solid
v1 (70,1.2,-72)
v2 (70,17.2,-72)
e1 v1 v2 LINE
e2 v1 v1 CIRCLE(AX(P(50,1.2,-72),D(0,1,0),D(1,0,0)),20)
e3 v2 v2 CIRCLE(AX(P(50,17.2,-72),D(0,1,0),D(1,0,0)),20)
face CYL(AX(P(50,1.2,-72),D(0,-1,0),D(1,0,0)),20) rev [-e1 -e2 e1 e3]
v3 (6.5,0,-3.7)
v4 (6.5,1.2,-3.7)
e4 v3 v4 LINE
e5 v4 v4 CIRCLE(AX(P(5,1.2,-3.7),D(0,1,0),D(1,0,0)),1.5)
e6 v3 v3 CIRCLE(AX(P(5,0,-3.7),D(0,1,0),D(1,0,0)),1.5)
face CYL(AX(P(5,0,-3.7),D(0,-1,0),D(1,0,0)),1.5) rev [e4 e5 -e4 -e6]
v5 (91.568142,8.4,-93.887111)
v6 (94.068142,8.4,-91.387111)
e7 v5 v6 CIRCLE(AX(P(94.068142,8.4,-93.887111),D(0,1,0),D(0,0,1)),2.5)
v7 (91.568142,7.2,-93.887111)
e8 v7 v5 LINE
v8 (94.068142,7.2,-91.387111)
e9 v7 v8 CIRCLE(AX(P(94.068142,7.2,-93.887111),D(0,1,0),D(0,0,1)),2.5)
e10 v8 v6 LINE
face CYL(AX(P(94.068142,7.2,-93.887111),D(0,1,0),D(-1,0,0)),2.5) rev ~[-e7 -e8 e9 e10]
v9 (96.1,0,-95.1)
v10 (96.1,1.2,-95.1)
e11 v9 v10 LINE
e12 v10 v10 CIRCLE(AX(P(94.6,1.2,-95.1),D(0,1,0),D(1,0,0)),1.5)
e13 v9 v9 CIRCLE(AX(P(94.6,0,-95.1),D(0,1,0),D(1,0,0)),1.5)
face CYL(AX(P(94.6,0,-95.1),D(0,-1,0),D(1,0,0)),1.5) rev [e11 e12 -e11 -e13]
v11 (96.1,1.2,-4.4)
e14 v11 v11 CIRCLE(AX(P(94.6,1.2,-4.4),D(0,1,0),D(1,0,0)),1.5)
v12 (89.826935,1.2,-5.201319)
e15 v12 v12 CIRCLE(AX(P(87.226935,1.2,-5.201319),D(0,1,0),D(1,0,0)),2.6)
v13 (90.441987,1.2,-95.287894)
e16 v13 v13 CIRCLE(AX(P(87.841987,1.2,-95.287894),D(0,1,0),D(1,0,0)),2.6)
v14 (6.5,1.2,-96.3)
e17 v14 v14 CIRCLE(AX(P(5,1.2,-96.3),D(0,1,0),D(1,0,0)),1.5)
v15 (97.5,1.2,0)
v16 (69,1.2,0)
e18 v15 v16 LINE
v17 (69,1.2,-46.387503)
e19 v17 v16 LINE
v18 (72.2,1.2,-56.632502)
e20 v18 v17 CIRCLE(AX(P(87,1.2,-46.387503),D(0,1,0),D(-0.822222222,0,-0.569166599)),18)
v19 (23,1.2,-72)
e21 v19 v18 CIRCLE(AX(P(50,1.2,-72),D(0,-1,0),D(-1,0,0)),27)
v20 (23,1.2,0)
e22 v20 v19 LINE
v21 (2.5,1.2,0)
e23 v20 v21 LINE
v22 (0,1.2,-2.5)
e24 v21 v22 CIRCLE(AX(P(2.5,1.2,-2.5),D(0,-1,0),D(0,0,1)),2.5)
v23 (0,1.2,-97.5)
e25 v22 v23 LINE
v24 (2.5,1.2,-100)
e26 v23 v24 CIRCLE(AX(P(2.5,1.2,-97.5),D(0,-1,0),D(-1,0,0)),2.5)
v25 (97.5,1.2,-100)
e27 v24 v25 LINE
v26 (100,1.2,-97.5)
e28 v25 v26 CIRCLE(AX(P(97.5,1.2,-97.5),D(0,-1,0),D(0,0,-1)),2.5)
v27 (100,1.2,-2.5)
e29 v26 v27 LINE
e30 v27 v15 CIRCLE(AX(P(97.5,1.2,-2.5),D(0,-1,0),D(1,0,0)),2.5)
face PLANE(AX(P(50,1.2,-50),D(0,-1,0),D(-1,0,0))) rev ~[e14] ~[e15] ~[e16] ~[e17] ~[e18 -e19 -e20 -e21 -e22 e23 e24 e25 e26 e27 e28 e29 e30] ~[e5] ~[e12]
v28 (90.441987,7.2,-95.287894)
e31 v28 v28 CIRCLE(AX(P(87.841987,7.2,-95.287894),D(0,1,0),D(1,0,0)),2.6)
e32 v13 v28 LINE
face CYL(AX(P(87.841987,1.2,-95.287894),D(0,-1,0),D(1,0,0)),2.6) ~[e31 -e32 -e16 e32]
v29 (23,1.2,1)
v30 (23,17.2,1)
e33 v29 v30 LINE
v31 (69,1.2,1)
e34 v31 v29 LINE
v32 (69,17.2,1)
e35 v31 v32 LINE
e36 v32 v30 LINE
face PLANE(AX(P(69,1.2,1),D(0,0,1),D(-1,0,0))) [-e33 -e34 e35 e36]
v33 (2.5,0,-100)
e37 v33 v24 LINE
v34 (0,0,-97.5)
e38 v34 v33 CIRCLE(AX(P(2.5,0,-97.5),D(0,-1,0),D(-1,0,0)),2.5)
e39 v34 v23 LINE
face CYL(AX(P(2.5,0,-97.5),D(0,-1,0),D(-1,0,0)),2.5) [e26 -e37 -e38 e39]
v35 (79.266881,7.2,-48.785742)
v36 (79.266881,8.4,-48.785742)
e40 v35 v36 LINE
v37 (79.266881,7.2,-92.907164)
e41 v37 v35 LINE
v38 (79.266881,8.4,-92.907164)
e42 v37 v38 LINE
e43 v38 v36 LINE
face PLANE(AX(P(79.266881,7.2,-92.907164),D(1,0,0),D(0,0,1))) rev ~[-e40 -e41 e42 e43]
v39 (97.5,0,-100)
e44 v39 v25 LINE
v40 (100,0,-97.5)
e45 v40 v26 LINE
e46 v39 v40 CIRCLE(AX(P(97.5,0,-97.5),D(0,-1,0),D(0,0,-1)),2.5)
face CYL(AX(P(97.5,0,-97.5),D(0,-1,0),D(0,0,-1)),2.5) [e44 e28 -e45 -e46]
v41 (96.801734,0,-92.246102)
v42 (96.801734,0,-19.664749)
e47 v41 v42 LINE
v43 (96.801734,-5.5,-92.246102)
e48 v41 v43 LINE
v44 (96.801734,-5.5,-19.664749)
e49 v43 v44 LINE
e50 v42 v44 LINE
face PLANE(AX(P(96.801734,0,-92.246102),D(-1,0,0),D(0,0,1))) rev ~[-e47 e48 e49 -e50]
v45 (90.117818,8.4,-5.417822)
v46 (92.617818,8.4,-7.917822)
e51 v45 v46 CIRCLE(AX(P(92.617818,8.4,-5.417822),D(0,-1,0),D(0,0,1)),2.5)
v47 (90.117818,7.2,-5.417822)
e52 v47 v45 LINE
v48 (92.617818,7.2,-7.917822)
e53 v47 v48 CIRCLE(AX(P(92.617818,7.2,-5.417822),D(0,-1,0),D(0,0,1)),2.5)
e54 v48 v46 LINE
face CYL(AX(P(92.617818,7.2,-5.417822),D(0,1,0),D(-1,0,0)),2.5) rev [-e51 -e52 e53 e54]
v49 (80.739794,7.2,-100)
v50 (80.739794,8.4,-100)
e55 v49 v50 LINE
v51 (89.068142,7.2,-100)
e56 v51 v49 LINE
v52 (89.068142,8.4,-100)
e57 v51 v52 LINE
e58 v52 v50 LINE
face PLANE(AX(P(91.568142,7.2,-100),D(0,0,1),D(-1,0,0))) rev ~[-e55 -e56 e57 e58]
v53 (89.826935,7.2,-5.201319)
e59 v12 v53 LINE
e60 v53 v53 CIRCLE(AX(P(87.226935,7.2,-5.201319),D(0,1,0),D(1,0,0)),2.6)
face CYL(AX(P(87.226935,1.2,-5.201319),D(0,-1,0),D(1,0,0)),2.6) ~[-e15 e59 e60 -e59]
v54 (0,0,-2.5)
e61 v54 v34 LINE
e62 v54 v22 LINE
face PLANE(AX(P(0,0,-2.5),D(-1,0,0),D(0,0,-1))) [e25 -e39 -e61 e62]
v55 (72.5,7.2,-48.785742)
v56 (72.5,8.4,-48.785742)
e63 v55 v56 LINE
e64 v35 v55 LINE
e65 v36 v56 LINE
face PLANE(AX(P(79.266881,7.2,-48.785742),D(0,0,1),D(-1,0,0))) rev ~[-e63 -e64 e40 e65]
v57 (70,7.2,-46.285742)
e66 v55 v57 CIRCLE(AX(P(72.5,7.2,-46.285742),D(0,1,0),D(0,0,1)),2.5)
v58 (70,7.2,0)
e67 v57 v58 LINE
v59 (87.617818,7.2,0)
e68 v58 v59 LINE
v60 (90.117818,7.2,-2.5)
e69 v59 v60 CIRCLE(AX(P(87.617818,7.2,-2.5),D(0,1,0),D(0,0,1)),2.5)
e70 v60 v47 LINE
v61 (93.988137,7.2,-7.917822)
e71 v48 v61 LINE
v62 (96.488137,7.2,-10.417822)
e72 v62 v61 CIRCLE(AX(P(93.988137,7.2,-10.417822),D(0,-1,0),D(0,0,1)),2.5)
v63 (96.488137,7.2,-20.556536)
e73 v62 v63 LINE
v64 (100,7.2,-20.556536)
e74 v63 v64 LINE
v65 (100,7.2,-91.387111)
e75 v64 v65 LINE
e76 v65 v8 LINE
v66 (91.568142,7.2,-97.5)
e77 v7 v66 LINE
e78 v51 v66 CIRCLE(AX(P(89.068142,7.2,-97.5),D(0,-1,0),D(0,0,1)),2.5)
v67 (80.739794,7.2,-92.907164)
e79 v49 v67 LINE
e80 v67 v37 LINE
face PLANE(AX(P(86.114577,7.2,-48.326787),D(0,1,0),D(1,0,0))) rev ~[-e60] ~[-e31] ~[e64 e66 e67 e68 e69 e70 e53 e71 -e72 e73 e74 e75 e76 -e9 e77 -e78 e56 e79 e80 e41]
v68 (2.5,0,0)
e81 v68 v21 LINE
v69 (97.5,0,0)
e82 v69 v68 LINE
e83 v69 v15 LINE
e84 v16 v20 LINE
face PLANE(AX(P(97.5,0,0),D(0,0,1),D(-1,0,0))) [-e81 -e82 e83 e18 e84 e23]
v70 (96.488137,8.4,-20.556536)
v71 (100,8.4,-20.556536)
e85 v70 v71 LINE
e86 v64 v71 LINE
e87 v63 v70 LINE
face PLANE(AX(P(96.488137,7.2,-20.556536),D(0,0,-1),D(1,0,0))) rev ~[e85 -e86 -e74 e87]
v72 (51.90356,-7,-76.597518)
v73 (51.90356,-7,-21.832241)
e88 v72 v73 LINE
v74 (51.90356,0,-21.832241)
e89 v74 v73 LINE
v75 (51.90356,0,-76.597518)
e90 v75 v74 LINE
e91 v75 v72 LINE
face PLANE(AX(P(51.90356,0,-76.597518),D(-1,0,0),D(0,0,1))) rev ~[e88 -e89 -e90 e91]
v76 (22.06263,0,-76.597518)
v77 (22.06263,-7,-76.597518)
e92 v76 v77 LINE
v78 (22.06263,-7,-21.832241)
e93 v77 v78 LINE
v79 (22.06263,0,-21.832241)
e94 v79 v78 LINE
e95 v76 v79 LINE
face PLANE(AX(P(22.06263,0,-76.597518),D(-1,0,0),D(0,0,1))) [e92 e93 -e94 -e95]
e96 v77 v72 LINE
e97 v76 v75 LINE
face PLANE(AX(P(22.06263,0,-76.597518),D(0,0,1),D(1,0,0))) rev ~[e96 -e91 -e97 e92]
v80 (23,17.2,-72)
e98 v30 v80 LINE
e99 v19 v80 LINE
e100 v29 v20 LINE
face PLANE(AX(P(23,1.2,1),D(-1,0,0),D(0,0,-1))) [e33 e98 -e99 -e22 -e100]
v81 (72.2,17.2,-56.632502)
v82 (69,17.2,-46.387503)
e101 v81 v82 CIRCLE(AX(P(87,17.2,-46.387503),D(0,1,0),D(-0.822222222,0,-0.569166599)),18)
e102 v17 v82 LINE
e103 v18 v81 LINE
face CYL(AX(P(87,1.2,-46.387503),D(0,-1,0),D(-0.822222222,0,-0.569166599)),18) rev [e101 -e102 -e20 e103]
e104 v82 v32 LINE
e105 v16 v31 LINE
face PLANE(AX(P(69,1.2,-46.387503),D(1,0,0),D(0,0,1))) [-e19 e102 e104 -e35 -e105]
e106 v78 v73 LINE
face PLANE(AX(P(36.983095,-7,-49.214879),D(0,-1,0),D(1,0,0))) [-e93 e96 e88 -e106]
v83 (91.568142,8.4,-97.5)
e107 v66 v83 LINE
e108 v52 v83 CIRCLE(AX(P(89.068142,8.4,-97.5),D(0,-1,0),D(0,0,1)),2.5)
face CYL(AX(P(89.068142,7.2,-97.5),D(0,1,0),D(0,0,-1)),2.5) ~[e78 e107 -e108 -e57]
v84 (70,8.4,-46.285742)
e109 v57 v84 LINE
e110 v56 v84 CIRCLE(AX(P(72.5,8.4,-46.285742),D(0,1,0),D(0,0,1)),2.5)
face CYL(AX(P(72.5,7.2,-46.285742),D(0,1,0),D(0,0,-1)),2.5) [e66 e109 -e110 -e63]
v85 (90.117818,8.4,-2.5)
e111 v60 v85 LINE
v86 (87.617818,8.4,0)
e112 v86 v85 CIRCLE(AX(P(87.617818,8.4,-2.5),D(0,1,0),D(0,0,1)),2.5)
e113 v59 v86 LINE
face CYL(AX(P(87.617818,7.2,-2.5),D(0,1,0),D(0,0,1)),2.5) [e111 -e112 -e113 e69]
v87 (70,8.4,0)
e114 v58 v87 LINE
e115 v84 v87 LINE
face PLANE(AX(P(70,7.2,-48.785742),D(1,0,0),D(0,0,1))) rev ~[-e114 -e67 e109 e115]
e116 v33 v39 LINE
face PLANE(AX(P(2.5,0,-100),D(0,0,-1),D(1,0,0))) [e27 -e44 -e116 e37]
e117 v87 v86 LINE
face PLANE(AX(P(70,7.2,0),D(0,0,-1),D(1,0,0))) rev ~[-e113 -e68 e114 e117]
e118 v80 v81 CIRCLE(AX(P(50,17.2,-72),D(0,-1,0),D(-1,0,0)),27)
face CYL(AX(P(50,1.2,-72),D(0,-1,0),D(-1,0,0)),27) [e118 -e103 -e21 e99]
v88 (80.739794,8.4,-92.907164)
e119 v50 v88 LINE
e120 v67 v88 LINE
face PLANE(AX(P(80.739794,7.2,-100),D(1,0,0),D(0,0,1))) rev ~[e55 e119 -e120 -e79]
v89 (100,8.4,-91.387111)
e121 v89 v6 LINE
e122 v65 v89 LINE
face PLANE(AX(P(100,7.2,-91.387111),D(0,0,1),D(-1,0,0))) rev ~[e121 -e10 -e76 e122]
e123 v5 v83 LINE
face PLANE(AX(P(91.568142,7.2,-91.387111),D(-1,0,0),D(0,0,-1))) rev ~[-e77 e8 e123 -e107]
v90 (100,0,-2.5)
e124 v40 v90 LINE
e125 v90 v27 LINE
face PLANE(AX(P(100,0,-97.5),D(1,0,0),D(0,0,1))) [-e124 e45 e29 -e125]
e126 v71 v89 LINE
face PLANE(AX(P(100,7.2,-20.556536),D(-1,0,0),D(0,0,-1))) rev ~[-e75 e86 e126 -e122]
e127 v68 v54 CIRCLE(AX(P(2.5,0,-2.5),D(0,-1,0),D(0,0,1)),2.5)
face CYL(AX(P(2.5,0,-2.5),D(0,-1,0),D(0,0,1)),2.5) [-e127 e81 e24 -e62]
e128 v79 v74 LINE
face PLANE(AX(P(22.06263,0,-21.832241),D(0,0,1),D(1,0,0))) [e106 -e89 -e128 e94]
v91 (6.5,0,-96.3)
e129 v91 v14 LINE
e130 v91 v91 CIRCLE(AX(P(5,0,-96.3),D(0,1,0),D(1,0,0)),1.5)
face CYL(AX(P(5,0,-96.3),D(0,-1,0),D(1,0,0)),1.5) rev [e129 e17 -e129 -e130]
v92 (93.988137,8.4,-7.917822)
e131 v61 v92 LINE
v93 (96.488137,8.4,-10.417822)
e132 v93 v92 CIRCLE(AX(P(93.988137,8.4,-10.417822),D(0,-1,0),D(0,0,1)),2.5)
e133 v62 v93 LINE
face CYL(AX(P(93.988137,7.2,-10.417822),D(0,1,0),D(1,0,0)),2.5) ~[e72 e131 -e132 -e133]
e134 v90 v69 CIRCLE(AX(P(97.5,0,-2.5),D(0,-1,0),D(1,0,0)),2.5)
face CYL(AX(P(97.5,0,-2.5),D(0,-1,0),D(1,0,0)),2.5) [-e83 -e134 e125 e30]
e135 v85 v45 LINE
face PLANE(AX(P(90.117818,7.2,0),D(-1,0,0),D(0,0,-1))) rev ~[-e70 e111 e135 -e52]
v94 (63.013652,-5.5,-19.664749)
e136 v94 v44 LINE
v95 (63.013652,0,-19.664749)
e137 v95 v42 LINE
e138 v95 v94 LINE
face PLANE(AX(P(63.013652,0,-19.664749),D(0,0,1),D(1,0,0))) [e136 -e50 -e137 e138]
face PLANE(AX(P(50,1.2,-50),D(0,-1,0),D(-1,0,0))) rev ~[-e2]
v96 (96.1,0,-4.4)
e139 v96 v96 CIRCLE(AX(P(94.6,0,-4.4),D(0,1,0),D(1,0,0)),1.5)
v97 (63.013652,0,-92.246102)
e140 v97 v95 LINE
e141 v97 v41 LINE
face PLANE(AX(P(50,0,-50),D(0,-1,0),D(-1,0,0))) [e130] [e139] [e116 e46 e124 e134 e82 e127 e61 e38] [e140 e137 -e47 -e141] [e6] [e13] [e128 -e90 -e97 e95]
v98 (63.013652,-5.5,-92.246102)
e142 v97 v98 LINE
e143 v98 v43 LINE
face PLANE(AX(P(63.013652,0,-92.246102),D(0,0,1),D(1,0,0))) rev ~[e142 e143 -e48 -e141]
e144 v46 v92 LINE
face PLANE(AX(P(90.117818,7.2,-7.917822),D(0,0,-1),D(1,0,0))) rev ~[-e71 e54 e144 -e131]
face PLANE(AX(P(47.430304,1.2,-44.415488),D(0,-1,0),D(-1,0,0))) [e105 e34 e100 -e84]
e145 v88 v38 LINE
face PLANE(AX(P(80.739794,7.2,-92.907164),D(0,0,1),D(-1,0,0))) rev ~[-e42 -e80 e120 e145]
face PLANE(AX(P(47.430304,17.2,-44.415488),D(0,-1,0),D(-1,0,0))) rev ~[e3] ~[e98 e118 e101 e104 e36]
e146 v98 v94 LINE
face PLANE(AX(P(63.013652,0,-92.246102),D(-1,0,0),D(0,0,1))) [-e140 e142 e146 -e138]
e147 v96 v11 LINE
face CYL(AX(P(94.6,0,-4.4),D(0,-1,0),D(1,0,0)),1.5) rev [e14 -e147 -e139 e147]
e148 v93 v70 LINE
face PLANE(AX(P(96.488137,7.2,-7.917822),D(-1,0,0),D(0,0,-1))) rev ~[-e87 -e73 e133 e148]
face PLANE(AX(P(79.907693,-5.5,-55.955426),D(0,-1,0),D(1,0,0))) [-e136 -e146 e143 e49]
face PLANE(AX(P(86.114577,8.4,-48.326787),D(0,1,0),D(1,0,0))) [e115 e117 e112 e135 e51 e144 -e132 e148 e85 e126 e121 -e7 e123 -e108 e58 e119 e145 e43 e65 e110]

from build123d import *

# Parameters (mm, degrees)
SKETCH1_R           = 1.5
BOSS_EXTRUDE1_DEPTH = 1.2
SKETCH2_W           = 29.840930046
SKETCH2_H           = 54.765276652
BOSS_EXTRUDE2_DEPTH = 7
SKETCH3_W           = 33.788082064
SKETCH3_H           = 72.581353001
BOSS_EXTRUDE3_DEPTH = 5.5
SKETCH4_R           = 20
BOSS_EXTRUDE4_DEPTH = 16
SKETCH5_R           = 2.6
BOSS_EXTRUDE5_DEPTH = 6
BOSS_EXTRUDE6_DEPTH = 1.2
FILLET1_R           = 2.5


with BuildPart() as part:
    # Sketch1 → Boss-Extrude1 (new body)
    with BuildSketch(Plane(origin=(0, 0, 0), x_dir=(1, 0, 0), z_dir=(0, 1, 0))):
        with BuildLine():
            Line((2.5, 100), (97.5, 100))
            ThreePointArc((97.5, 100), (99.267766953, 99.267766953), (100, 97.5))
            Line((100, 97.5), (100, 2.5))
            ThreePointArc((100, 2.5), (99.267766953, 0.732233047), (97.5, 0))
            Line((97.5, 0), (2.5, 0))
            ThreePointArc((2.5, 0), (0.732233047, 0.732233047), (0, 2.5))
            Line((0, 2.5), (0, 97.5))
            ThreePointArc((0, 97.5), (0.732233047, 99.267766953), (2.5, 100))
        make_face()
        with Locations((5, 96.3)):
            Circle(SKETCH1_R, mode=Mode.SUBTRACT)
        with Locations((94.6, 95.1)):
            Circle(SKETCH1_R, mode=Mode.SUBTRACT)
        with Locations((5, 3.7)):
            Circle(SKETCH1_R, mode=Mode.SUBTRACT)
        with Locations((94.6, 4.4)):
            Circle(SKETCH1_R, mode=Mode.SUBTRACT)
    extrude(amount=BOSS_EXTRUDE1_DEPTH)

    # Sketch2 → Boss-Extrude2 (add)
    with BuildSketch(Plane.XZ):
        with Locations((36.983095354, -49.21487939)):
            Rectangle(SKETCH2_W, SKETCH2_H)
    extrude(amount=BOSS_EXTRUDE2_DEPTH)

    # Sketch3 → Boss-Extrude3 (add)
    with BuildSketch(Plane.XZ):
        with Locations((79.907693041, -55.955425872)):
            Rectangle(SKETCH3_W, SKETCH3_H)
    extrude(amount=BOSS_EXTRUDE3_DEPTH)

    # Sketch4 → Boss-Extrude4 (add)
    with BuildSketch(Plane(origin=(0, 1.2, 0), x_dir=(1, 0, 0), z_dir=(0, 1, 0))):
        with BuildLine():
            Line((23, -1), (23, 72))
            ThreePointArc((23, 72), (58.049844719, 97.772077914), (72.2, 56.63250183))
            ThreePointArc((72.2, 56.63250183), (69.818614724, 51.754066196), (69, 46.38750305))
            Line((69, 46.38750305), (69, -1))
            Line((69, -1), (23, -1))
        make_face()
        with Locations((50, 72)):
            Circle(SKETCH4_R, mode=Mode.SUBTRACT)
    extrude(amount=BOSS_EXTRUDE4_DEPTH)

    # Sketch5 → Boss-Extrude5 (add)
    with BuildSketch(Plane(origin=(0, 1.2, 0), x_dir=(1, 0, 0), z_dir=(0, 1, 0))):
        with Locations((87.841987056, 95.287894157)):
            Circle(SKETCH5_R)
        with Locations((87.226934535, 5.201319217)):
            Circle(SKETCH5_R)
    extrude(amount=BOSS_EXTRUDE5_DEPTH)

    # Sketch6 → Boss-Extrude6 (add)
    with BuildSketch(Plane(origin=(0, 7.2, 0), x_dir=(1, 0, 0), z_dir=(0, 1, 0))):
        Polygon((80.739794291, 100), (80.739794291, 92.907164266), (79.266881022, 92.907164266), (79.266881022, 48.78574174), (70, 48.78574174), (70, 0), (90.117817522, 0), (90.117817522, 7.917821809), (96.488136969, 7.917821809), (96.488136969, 20.556535591), (100, 20.556535591), (100, 91.38711124), (91.568142489, 91.38711124), (91.568142489, 100), align=None)
    extrude(amount=BOSS_EXTRUDE6_DEPTH)

    # Fillet1
    fillet1_edges = [part.edges().sort_by_distance(p)[0] for p in [
        (90.117817522, 7.8, -7.917821809),
        (96.488136969, 7.8, -7.917821809),
        (91.568142489, 7.8, -91.38711124),
        (91.568142489, 7.8, -100),
        (70, 7.8, -48.78574174),
        (90.117817522, 7.8, 0),
    ]]
    fillet(fillet1_edges, radius=FILLET1_R)


solid = part.part
